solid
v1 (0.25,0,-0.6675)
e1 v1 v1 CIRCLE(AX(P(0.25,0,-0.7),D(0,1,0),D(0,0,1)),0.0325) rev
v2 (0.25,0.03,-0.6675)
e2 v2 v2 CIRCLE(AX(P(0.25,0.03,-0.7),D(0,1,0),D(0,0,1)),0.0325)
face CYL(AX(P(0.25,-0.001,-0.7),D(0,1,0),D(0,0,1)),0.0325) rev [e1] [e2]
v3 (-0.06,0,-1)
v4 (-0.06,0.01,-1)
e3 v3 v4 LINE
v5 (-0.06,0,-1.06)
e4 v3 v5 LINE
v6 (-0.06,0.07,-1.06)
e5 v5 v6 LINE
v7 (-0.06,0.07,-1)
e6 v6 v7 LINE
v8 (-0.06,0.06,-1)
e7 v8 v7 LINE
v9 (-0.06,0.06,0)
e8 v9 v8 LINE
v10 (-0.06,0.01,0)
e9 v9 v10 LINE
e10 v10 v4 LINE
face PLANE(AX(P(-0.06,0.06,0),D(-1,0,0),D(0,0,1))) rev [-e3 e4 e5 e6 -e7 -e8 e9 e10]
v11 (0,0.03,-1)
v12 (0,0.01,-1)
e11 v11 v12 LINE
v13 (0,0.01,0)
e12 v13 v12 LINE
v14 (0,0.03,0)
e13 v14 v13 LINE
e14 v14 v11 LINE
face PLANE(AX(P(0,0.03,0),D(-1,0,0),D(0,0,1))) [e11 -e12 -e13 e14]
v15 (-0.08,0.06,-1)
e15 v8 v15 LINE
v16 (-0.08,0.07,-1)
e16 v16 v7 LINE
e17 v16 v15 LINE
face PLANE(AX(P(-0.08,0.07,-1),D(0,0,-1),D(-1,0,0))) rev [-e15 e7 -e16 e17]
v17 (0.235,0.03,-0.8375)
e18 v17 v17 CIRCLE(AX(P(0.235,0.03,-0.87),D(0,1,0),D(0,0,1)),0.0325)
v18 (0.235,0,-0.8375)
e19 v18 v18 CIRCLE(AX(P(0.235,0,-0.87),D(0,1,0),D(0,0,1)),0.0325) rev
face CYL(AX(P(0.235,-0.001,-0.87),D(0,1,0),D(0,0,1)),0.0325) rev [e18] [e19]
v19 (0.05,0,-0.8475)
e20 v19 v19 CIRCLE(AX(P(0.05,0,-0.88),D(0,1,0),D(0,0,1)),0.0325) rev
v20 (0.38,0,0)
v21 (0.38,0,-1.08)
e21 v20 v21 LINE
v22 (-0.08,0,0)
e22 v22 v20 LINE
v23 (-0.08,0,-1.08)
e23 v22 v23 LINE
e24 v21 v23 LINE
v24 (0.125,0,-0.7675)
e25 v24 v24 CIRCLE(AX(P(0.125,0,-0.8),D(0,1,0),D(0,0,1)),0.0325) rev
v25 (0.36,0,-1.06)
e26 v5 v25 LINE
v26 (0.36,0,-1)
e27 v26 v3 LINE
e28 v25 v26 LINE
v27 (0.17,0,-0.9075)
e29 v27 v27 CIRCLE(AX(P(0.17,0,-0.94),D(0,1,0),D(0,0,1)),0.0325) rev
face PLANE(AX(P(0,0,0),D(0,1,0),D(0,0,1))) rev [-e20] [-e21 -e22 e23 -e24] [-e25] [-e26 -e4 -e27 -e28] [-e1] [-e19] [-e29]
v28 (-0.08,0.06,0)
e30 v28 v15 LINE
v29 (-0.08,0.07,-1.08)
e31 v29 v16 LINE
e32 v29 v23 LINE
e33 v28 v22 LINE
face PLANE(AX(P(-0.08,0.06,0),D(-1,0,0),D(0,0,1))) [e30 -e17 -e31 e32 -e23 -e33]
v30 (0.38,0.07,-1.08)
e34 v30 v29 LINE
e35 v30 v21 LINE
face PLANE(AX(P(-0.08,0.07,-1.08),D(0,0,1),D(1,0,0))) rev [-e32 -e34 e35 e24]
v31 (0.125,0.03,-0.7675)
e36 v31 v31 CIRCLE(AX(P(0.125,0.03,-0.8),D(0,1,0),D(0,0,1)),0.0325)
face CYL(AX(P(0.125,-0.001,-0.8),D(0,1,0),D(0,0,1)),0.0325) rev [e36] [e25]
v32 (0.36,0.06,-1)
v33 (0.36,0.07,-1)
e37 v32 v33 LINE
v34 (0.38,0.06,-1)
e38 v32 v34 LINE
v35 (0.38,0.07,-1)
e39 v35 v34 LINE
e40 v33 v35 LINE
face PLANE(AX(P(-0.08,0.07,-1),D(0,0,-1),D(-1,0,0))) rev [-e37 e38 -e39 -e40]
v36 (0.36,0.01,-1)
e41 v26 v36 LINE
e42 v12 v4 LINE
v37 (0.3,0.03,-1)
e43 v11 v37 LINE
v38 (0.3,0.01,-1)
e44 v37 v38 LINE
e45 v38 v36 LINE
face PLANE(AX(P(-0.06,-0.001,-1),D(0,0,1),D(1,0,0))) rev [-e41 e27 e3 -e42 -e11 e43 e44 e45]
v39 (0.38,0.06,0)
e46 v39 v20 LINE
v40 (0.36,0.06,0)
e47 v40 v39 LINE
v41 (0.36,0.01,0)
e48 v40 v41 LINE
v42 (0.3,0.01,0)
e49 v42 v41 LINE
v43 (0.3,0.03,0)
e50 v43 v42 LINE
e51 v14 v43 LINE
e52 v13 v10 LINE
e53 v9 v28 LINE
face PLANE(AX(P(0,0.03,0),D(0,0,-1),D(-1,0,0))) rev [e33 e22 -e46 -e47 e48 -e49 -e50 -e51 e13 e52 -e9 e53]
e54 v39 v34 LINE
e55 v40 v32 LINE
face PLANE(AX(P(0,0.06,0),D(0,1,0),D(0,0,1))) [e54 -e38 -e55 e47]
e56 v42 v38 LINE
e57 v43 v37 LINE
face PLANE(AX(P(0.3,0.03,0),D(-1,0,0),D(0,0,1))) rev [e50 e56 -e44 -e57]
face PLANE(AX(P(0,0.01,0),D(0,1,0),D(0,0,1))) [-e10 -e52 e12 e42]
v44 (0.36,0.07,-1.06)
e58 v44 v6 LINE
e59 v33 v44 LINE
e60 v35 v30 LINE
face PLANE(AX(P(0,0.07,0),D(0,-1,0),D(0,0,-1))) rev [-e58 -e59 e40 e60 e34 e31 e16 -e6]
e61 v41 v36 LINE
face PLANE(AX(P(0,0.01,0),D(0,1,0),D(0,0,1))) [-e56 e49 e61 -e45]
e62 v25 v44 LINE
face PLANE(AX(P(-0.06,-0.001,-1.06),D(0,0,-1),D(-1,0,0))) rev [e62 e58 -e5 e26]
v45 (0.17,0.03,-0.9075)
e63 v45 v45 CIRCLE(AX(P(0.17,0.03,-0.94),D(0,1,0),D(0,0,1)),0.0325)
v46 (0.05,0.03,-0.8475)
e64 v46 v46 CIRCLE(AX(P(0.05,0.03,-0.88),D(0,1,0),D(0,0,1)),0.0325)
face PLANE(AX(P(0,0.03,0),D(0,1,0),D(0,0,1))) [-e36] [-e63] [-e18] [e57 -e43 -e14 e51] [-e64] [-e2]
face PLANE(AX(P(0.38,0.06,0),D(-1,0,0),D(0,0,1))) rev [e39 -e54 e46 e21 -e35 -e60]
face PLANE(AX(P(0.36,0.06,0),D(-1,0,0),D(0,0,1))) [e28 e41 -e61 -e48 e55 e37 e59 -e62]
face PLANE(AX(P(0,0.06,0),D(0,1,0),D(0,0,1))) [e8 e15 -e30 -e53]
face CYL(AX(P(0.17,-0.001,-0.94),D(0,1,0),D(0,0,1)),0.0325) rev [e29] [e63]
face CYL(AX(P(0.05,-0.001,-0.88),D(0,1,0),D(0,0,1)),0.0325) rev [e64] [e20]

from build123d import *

# Parameters (mm, degrees)
SKETCH1_W           = 0.3
SKETCH1_H           = 1
BOSS_EXTRUDE2_DEPTH = 0.03
SKETCH1_6_W         = 0.06
SKETCH1_6_H         = 1
BOSS_EXTRUDE3_DEPTH = 0.01
SKETCH1_7_W         = 0.02
SKETCH1_7_H         = 1
BOSS_EXTRUDE4_DEPTH = 0.06
SKETCH3_W           = 0.46
SKETCH3_H           = 0.08
BOSS_EXTRUDE7_DEPTH = 0.07
CUT_EXTRUDE1_REACH  = 3.147
SKETCH6_W           = 0.42
SKETCH6_H           = 0.06
CUT_EXTRUDE2_REACH  = 3.146
SKETCH7_R           = 0.0325


with BuildPart() as part:
    # Sketch1 → Boss-Extrude2 (new body)
    with BuildSketch(Plane(origin=(0, 0, 0), x_dir=(1, 0, 0), z_dir=(0, 1, 0))):
        with Locations((0.15, 0.5)):
            Rectangle(SKETCH1_W, SKETCH1_H)
    extrude(amount=BOSS_EXTRUDE2_DEPTH)

    # Sketch1<6> → Boss-Extrude3 (add)
    with BuildSketch(Plane(origin=(0, 0, 0), x_dir=(1, 0, 0), z_dir=(0, 1, 0))):
        with Locations((-0.03, 0.5)):
            Rectangle(SKETCH1_6_W, SKETCH1_6_H)
        with Locations((0.33, 0.5)):
            Rectangle(SKETCH1_6_W, SKETCH1_6_H)
    extrude(amount=BOSS_EXTRUDE3_DEPTH)

    # Sketch1<7> → Boss-Extrude4 (add)
    with BuildSketch(Plane(origin=(0, 0, 0), x_dir=(1, 0, 0), z_dir=(0, 1, 0))):
        with Locations((-0.07, 0.5)):
            Rectangle(SKETCH1_7_W, SKETCH1_7_H)
        with Locations((0.37, 0.5)):
            Rectangle(SKETCH1_7_W, SKETCH1_7_H)
    extrude(amount=BOSS_EXTRUDE4_DEPTH)

    # Sketch3 → Boss-Extrude7 (add)
    with BuildSketch(Plane(origin=(0, 0, 0), x_dir=(1, 0, 0), z_dir=(0, 1, 0))):
        with Locations((0.15, 1.04)):
            Rectangle(SKETCH3_W, SKETCH3_H)
    extrude(amount=BOSS_EXTRUDE7_DEPTH)

    # Sketch6 → Cut-Extrude1 (cut, up to next)
    with BuildSketch(Plane(origin=(0, 0.07, 0), x_dir=(1, 0, 0), z_dir=(0, 1, 0)), mode=Mode.PRIVATE) as cut_extrude1_sk1:
        with Locations((0.15, 1.03)):
            Rectangle(SKETCH6_W, SKETCH6_H)
    cut_extrude1_tool1 = extrude(cut_extrude1_sk1.sketch, amount=-CUT_EXTRUDE1_REACH, mode=Mode.PRIVATE) & part.part
    add(cut_extrude1_tool1.solids().sort_by_distance((0.15, 0.07, -1.03))[0], mode=Mode.SUBTRACT)

    # Sketch7 → Cut-Extrude2 (cut, up to next)
    with BuildSketch(Plane(origin=(0, 0.03, 0), x_dir=(1, 0, 0), z_dir=(0, 1, 0)), mode=Mode.PRIVATE) as cut_extrude2_sk1:
        with Locations((0.05, 0.88)):
            Circle(SKETCH7_R)
    cut_extrude2_tool1 = extrude(cut_extrude2_sk1.sketch, amount=-CUT_EXTRUDE2_REACH, mode=Mode.PRIVATE) & part.part
    # Sketch7 → Cut-Extrude2 (cut, up to next)
    with BuildSketch(Plane(origin=(0, 0.03, 0), x_dir=(1, 0, 0), z_dir=(0, 1, 0)), mode=Mode.PRIVATE) as cut_extrude2_sk2:
        with Locations((0.125, 0.8)):
            Circle(SKETCH7_R)
    cut_extrude2_tool2 = extrude(cut_extrude2_sk2.sketch, amount=-CUT_EXTRUDE2_REACH, mode=Mode.PRIVATE) & part.part
    # Sketch7 → Cut-Extrude2 (cut, up to next)
    with BuildSketch(Plane(origin=(0, 0.03, 0), x_dir=(1, 0, 0), z_dir=(0, 1, 0)), mode=Mode.PRIVATE) as cut_extrude2_sk3:
        with Locations((0.235, 0.87)):
            Circle(SKETCH7_R)
    cut_extrude2_tool3 = extrude(cut_extrude2_sk3.sketch, amount=-CUT_EXTRUDE2_REACH, mode=Mode.PRIVATE) & part.part
    # Sketch7 → Cut-Extrude2 (cut, up to next)
    with BuildSketch(Plane(origin=(0, 0.03, 0), x_dir=(1, 0, 0), z_dir=(0, 1, 0)), mode=Mode.PRIVATE) as cut_extrude2_sk4:
        with Locations((0.17, 0.94)):
            Circle(SKETCH7_R)
    cut_extrude2_tool4 = extrude(cut_extrude2_sk4.sketch, amount=-CUT_EXTRUDE2_REACH, mode=Mode.PRIVATE) & part.part
    # Sketch7 → Cut-Extrude2 (cut, up to next)
    with BuildSketch(Plane(origin=(0, 0.03, 0), x_dir=(1, 0, 0), z_dir=(0, 1, 0)), mode=Mode.PRIVATE) as cut_extrude2_sk5:
        with Locations((0.25, 0.7)):
            Circle(SKETCH7_R)
    cut_extrude2_tool5 = extrude(cut_extrude2_sk5.sketch, amount=-CUT_EXTRUDE2_REACH, mode=Mode.PRIVATE) & part.part
    add(cut_extrude2_tool1.solids().sort_by_distance((0.05, 0.03, -0.88))[0], mode=Mode.SUBTRACT)
    add(cut_extrude2_tool2.solids().sort_by_distance((0.125, 0.03, -0.8))[0], mode=Mode.SUBTRACT)
    add(cut_extrude2_tool3.solids().sort_by_distance((0.235, 0.03, -0.87))[0], mode=Mode.SUBTRACT)
    add(cut_extrude2_tool4.solids().sort_by_distance((0.17, 0.03, -0.94))[0], mode=Mode.SUBTRACT)
    add(cut_extrude2_tool5.solids().sort_by_distance((0.25, 0.03, -0.7))[0], mode=Mode.SUBTRACT)


solid = part.part
